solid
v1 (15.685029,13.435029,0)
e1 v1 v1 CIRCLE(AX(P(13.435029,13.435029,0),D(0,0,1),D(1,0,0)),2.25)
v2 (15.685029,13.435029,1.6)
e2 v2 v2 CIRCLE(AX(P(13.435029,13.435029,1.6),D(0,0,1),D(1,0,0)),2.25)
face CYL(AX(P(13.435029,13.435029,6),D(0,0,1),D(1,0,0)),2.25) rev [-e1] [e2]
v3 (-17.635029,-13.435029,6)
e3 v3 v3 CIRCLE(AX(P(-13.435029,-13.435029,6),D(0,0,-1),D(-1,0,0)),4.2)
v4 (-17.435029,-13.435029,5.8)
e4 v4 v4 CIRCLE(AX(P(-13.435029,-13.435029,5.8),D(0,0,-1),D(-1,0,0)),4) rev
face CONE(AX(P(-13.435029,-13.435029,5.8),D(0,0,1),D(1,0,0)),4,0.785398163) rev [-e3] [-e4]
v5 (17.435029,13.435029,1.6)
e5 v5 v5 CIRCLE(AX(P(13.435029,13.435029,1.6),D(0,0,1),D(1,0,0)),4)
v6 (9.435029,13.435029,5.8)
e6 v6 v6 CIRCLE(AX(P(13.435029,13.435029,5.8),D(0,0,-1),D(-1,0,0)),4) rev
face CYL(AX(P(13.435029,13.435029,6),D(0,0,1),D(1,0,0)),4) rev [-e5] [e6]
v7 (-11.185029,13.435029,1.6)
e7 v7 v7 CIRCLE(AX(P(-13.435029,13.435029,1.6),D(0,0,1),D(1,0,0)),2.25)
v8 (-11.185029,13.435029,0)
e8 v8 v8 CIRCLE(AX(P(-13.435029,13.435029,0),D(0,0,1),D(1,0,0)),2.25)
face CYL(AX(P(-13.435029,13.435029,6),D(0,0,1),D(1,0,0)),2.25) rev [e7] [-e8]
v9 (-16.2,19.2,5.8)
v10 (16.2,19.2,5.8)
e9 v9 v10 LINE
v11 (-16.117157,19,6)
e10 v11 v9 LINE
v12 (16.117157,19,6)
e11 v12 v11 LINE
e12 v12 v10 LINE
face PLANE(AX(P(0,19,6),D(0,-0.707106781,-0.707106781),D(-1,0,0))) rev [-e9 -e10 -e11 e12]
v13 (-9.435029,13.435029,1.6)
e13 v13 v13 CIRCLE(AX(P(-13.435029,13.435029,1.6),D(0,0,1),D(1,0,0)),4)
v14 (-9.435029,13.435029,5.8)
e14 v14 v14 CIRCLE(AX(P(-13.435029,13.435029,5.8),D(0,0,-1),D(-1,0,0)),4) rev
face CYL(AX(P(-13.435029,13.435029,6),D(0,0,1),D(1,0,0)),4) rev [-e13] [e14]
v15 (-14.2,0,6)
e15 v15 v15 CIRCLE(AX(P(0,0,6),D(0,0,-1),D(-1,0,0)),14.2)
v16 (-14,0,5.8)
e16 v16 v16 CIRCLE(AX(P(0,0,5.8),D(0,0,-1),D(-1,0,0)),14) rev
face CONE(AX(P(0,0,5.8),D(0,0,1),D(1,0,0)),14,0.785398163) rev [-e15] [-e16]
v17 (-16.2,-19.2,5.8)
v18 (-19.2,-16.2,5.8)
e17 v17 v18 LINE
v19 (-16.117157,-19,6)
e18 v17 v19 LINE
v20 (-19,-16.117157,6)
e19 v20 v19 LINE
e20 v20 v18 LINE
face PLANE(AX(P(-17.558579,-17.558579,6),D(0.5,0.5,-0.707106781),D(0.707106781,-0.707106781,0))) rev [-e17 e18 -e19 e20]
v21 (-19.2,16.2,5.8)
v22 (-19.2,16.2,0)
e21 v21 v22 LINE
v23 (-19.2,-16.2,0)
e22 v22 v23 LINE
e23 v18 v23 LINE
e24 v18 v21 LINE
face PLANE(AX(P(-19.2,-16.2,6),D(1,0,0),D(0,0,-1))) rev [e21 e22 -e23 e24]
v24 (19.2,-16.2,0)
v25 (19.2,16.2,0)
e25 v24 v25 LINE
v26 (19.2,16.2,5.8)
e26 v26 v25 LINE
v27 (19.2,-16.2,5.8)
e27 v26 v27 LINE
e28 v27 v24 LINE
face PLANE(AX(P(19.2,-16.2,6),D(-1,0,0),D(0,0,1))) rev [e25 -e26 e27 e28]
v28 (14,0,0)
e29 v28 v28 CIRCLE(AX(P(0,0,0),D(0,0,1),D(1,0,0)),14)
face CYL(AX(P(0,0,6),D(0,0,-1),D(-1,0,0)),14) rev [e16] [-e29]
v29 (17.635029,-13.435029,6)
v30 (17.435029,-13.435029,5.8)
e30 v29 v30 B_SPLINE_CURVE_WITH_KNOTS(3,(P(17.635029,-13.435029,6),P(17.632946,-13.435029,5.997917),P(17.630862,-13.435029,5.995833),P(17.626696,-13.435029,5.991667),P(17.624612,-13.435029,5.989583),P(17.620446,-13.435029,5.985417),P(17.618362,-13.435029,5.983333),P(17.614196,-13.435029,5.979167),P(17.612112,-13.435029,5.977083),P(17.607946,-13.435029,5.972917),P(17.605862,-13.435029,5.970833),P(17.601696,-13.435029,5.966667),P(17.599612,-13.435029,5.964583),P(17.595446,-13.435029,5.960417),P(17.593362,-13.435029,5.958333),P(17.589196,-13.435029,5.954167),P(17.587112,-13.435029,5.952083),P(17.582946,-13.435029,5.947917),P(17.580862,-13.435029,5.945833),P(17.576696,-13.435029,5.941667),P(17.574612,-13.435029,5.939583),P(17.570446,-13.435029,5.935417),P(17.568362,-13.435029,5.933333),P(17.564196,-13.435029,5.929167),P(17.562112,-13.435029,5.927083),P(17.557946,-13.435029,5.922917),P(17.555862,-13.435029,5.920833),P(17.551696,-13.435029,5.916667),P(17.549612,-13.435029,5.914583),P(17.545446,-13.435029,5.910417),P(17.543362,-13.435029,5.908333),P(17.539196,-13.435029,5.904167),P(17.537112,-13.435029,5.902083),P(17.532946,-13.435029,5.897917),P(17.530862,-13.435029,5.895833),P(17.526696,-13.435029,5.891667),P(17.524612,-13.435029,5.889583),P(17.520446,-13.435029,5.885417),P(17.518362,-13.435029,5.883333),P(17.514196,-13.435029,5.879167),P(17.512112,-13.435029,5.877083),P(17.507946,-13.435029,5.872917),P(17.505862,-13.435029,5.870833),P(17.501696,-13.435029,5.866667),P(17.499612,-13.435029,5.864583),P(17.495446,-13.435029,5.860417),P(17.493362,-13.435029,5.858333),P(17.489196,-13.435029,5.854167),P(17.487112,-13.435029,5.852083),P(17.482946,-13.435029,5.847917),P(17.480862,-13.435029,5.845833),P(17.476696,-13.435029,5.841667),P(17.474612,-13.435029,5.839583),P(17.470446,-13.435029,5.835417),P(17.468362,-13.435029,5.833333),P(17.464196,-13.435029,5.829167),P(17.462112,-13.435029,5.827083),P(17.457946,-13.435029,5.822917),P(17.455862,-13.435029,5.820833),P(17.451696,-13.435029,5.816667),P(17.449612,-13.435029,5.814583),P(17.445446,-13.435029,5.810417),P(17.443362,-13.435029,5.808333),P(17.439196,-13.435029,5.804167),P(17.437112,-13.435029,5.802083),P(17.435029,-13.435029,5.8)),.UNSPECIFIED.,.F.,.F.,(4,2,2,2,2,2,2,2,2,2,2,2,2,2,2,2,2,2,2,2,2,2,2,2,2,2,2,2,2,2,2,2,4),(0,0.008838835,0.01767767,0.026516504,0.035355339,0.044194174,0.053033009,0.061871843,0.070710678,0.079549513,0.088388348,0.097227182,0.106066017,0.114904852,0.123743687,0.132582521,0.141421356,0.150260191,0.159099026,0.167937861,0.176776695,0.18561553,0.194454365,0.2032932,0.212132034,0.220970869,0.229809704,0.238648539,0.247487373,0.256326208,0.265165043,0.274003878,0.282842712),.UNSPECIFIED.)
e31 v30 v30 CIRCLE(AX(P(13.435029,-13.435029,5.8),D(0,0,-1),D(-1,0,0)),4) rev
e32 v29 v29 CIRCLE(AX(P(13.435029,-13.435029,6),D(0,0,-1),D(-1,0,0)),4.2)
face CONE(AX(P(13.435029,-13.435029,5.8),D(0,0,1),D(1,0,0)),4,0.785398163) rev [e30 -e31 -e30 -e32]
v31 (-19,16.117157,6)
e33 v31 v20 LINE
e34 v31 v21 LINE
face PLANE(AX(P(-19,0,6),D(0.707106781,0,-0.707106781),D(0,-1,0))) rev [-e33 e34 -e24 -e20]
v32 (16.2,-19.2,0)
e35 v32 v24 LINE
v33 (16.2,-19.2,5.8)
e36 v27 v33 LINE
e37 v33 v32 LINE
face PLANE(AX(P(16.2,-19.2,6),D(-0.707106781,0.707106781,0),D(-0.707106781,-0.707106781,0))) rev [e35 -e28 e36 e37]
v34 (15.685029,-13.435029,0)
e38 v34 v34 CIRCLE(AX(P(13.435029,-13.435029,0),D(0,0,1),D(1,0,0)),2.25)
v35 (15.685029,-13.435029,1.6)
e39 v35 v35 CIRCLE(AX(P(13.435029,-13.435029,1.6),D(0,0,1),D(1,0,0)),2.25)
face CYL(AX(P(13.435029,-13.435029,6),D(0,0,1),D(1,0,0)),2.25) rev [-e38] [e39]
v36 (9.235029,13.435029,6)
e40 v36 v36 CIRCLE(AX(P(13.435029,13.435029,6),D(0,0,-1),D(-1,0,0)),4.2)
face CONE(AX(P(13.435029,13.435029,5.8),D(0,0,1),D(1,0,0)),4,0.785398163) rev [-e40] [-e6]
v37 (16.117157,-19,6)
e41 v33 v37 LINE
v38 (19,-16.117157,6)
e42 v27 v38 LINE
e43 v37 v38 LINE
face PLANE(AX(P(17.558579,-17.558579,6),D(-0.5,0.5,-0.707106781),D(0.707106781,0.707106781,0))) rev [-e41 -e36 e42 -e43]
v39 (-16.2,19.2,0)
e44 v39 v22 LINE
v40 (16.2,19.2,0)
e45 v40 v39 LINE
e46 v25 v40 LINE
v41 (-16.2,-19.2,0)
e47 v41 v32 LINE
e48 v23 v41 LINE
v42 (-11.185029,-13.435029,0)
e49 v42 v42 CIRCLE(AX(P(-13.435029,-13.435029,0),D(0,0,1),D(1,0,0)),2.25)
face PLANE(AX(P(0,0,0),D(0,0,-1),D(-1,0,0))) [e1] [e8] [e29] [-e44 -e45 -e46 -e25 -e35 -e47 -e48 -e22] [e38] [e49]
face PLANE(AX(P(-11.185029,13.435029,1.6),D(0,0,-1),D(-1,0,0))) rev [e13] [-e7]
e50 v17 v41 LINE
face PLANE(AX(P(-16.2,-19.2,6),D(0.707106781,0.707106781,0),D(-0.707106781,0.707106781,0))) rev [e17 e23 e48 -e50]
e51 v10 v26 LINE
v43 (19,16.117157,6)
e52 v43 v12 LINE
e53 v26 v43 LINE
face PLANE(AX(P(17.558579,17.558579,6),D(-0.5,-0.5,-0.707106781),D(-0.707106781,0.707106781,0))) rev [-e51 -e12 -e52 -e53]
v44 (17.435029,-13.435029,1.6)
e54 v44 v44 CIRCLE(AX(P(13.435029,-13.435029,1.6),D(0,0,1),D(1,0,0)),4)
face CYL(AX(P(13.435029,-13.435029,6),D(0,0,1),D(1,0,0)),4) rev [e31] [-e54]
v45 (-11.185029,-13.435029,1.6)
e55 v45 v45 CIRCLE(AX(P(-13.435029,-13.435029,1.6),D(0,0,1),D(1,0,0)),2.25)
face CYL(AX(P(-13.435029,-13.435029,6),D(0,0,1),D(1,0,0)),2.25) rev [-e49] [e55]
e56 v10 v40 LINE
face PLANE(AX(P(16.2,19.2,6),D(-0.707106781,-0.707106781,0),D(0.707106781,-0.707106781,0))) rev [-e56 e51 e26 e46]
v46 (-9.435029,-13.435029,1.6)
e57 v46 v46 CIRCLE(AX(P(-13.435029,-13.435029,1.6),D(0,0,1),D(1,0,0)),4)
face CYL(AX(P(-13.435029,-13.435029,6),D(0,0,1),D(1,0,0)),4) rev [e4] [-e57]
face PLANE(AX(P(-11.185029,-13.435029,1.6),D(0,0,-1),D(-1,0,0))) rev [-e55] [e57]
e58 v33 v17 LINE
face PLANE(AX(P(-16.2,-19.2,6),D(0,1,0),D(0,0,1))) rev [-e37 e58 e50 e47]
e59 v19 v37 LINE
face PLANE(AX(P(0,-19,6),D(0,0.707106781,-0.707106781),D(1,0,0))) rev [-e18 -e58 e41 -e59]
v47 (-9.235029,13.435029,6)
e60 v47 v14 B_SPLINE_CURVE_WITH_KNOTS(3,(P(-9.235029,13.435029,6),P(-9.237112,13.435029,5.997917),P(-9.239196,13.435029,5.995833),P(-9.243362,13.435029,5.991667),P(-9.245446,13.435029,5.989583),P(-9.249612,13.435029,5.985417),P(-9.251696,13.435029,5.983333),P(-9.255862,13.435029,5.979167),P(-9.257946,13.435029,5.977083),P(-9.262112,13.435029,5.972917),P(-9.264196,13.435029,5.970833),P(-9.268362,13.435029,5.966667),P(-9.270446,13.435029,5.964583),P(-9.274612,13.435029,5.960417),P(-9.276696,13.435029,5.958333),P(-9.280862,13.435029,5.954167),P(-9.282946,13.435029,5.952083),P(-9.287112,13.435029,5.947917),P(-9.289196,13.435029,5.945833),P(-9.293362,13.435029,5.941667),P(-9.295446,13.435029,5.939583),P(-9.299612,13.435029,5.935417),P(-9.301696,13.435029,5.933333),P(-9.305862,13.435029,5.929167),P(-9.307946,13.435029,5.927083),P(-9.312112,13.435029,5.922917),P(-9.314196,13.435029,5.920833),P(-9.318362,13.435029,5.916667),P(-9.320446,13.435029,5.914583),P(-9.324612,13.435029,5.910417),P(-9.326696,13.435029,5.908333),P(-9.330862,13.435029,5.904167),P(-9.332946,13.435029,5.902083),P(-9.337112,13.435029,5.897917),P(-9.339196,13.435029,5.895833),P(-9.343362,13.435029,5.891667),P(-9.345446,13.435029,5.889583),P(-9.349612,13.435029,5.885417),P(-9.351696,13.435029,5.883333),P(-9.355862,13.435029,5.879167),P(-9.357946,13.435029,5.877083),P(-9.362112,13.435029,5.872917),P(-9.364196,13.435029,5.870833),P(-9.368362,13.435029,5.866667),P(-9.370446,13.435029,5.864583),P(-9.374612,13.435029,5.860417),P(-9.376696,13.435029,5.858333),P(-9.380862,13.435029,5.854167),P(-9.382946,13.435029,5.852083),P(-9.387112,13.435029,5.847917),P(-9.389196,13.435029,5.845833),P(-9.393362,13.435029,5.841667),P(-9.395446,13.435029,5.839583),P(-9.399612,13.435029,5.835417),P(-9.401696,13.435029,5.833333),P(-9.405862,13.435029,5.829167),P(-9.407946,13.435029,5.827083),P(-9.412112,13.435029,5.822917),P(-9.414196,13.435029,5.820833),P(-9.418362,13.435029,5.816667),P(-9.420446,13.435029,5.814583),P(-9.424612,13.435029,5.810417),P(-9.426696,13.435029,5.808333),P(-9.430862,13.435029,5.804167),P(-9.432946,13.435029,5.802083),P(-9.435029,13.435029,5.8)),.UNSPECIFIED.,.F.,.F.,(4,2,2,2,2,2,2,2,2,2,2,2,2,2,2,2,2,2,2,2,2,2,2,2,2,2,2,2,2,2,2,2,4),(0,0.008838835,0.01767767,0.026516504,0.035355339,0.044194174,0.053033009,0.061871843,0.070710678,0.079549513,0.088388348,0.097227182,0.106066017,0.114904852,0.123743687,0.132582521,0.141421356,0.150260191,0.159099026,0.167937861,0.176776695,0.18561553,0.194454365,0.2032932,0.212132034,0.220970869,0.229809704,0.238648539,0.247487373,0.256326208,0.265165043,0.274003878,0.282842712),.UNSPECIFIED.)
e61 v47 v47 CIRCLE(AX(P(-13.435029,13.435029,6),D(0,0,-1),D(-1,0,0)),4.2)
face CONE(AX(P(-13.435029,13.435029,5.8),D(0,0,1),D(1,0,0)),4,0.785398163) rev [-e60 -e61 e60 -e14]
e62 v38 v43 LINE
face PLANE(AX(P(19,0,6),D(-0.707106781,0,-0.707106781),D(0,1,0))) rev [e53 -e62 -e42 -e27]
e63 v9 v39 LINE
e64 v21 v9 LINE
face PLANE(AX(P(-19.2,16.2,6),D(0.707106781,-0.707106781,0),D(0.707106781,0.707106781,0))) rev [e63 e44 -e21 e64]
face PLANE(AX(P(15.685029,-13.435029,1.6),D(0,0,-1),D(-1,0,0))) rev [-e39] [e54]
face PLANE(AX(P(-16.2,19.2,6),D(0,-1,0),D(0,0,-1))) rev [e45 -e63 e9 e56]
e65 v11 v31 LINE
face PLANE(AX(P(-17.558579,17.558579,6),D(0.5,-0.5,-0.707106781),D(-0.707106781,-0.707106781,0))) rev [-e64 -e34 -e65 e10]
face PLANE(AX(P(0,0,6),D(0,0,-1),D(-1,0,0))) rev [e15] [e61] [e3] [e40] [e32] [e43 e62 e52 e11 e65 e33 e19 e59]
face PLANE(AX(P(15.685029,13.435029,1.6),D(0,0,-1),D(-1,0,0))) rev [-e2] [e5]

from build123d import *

# Parameters (mm, degrees)
SKETCH_1_R                   = 14
EXTRUDE_1_DEPTH              = 6
HOLE_WIZARD_M4_3_D           = 4.5
HOLE_WIZARD_M4_3_CBORE_D     = 8
HOLE_WIZARD_M4_3_CBORE_DEPTH = 4.4
PATTERN_CIRCULAR_1_COUNT     = 4
CHAMFER_1_SIZE               = 0.2


with BuildPart() as part:
    # 草圖1 → 填料-伸長1 (new body)
    with BuildSketch(Plane.XY):
        Polygon((-19.2, 16.2), (-16.2, 19.2), (16.2, 19.2), (19.2, 16.2), (19.2, -16.2), (16.2, -19.2), (-16.2, -19.2), (-19.2, -16.2), align=None)
        Circle(SKETCH_1_R, mode=Mode.SUBTRACT)
    extrude(amount=EXTRUDE_1_DEPTH)

    # M4 六角承窩頭蓋螺釘的柱孔3 (through all)
    with Locations(Plane.XY.offset(6)):
        with Locations((-13.435028843, 13.435028843)):
            hole_wizard_m4_3 = CounterBoreHole(HOLE_WIZARD_M4_3_D / 2, HOLE_WIZARD_M4_3_CBORE_D / 2, HOLE_WIZARD_M4_3_CBORE_DEPTH)

    # 環狀複製排列1: M4 六角承窩頭蓋螺釘的柱孔3 ×4 about axis
    pattern_circular_1_axis = Axis((0, 0, 0), (0, 0, 1))
    for i in range(1, PATTERN_CIRCULAR_1_COUNT):
        add(hole_wizard_m4_3.rotate(pattern_circular_1_axis, i * 360 / PATTERN_CIRCULAR_1_COUNT), mode=Mode.SUBTRACT)

    # 導角1
    chamfer_1_edges = [part.edges().sort_by_distance(p)[0] for p in [
        (0, -19.2, 6),
        (17.7, -17.7, 6),
        (19.2, 0, 6),
        (17.7, 17.7, 6),
        (-14, 0, 6),
        (0, 19.2, 6),
        (-17.7, 17.7, 6),
        (-17.435028843, 13.435028843, 6),
        (-13.435028843, -17.435028843, 6),
        (-19.2, 0, 6),
        (17.435028843, -13.435028843, 6),
        (13.435028843, 17.435028843, 6),
        (-17.7, -17.7, 6),
    ]]
    chamfer(chamfer_1_edges, length=CHAMFER_1_SIZE)


solid = part.part
